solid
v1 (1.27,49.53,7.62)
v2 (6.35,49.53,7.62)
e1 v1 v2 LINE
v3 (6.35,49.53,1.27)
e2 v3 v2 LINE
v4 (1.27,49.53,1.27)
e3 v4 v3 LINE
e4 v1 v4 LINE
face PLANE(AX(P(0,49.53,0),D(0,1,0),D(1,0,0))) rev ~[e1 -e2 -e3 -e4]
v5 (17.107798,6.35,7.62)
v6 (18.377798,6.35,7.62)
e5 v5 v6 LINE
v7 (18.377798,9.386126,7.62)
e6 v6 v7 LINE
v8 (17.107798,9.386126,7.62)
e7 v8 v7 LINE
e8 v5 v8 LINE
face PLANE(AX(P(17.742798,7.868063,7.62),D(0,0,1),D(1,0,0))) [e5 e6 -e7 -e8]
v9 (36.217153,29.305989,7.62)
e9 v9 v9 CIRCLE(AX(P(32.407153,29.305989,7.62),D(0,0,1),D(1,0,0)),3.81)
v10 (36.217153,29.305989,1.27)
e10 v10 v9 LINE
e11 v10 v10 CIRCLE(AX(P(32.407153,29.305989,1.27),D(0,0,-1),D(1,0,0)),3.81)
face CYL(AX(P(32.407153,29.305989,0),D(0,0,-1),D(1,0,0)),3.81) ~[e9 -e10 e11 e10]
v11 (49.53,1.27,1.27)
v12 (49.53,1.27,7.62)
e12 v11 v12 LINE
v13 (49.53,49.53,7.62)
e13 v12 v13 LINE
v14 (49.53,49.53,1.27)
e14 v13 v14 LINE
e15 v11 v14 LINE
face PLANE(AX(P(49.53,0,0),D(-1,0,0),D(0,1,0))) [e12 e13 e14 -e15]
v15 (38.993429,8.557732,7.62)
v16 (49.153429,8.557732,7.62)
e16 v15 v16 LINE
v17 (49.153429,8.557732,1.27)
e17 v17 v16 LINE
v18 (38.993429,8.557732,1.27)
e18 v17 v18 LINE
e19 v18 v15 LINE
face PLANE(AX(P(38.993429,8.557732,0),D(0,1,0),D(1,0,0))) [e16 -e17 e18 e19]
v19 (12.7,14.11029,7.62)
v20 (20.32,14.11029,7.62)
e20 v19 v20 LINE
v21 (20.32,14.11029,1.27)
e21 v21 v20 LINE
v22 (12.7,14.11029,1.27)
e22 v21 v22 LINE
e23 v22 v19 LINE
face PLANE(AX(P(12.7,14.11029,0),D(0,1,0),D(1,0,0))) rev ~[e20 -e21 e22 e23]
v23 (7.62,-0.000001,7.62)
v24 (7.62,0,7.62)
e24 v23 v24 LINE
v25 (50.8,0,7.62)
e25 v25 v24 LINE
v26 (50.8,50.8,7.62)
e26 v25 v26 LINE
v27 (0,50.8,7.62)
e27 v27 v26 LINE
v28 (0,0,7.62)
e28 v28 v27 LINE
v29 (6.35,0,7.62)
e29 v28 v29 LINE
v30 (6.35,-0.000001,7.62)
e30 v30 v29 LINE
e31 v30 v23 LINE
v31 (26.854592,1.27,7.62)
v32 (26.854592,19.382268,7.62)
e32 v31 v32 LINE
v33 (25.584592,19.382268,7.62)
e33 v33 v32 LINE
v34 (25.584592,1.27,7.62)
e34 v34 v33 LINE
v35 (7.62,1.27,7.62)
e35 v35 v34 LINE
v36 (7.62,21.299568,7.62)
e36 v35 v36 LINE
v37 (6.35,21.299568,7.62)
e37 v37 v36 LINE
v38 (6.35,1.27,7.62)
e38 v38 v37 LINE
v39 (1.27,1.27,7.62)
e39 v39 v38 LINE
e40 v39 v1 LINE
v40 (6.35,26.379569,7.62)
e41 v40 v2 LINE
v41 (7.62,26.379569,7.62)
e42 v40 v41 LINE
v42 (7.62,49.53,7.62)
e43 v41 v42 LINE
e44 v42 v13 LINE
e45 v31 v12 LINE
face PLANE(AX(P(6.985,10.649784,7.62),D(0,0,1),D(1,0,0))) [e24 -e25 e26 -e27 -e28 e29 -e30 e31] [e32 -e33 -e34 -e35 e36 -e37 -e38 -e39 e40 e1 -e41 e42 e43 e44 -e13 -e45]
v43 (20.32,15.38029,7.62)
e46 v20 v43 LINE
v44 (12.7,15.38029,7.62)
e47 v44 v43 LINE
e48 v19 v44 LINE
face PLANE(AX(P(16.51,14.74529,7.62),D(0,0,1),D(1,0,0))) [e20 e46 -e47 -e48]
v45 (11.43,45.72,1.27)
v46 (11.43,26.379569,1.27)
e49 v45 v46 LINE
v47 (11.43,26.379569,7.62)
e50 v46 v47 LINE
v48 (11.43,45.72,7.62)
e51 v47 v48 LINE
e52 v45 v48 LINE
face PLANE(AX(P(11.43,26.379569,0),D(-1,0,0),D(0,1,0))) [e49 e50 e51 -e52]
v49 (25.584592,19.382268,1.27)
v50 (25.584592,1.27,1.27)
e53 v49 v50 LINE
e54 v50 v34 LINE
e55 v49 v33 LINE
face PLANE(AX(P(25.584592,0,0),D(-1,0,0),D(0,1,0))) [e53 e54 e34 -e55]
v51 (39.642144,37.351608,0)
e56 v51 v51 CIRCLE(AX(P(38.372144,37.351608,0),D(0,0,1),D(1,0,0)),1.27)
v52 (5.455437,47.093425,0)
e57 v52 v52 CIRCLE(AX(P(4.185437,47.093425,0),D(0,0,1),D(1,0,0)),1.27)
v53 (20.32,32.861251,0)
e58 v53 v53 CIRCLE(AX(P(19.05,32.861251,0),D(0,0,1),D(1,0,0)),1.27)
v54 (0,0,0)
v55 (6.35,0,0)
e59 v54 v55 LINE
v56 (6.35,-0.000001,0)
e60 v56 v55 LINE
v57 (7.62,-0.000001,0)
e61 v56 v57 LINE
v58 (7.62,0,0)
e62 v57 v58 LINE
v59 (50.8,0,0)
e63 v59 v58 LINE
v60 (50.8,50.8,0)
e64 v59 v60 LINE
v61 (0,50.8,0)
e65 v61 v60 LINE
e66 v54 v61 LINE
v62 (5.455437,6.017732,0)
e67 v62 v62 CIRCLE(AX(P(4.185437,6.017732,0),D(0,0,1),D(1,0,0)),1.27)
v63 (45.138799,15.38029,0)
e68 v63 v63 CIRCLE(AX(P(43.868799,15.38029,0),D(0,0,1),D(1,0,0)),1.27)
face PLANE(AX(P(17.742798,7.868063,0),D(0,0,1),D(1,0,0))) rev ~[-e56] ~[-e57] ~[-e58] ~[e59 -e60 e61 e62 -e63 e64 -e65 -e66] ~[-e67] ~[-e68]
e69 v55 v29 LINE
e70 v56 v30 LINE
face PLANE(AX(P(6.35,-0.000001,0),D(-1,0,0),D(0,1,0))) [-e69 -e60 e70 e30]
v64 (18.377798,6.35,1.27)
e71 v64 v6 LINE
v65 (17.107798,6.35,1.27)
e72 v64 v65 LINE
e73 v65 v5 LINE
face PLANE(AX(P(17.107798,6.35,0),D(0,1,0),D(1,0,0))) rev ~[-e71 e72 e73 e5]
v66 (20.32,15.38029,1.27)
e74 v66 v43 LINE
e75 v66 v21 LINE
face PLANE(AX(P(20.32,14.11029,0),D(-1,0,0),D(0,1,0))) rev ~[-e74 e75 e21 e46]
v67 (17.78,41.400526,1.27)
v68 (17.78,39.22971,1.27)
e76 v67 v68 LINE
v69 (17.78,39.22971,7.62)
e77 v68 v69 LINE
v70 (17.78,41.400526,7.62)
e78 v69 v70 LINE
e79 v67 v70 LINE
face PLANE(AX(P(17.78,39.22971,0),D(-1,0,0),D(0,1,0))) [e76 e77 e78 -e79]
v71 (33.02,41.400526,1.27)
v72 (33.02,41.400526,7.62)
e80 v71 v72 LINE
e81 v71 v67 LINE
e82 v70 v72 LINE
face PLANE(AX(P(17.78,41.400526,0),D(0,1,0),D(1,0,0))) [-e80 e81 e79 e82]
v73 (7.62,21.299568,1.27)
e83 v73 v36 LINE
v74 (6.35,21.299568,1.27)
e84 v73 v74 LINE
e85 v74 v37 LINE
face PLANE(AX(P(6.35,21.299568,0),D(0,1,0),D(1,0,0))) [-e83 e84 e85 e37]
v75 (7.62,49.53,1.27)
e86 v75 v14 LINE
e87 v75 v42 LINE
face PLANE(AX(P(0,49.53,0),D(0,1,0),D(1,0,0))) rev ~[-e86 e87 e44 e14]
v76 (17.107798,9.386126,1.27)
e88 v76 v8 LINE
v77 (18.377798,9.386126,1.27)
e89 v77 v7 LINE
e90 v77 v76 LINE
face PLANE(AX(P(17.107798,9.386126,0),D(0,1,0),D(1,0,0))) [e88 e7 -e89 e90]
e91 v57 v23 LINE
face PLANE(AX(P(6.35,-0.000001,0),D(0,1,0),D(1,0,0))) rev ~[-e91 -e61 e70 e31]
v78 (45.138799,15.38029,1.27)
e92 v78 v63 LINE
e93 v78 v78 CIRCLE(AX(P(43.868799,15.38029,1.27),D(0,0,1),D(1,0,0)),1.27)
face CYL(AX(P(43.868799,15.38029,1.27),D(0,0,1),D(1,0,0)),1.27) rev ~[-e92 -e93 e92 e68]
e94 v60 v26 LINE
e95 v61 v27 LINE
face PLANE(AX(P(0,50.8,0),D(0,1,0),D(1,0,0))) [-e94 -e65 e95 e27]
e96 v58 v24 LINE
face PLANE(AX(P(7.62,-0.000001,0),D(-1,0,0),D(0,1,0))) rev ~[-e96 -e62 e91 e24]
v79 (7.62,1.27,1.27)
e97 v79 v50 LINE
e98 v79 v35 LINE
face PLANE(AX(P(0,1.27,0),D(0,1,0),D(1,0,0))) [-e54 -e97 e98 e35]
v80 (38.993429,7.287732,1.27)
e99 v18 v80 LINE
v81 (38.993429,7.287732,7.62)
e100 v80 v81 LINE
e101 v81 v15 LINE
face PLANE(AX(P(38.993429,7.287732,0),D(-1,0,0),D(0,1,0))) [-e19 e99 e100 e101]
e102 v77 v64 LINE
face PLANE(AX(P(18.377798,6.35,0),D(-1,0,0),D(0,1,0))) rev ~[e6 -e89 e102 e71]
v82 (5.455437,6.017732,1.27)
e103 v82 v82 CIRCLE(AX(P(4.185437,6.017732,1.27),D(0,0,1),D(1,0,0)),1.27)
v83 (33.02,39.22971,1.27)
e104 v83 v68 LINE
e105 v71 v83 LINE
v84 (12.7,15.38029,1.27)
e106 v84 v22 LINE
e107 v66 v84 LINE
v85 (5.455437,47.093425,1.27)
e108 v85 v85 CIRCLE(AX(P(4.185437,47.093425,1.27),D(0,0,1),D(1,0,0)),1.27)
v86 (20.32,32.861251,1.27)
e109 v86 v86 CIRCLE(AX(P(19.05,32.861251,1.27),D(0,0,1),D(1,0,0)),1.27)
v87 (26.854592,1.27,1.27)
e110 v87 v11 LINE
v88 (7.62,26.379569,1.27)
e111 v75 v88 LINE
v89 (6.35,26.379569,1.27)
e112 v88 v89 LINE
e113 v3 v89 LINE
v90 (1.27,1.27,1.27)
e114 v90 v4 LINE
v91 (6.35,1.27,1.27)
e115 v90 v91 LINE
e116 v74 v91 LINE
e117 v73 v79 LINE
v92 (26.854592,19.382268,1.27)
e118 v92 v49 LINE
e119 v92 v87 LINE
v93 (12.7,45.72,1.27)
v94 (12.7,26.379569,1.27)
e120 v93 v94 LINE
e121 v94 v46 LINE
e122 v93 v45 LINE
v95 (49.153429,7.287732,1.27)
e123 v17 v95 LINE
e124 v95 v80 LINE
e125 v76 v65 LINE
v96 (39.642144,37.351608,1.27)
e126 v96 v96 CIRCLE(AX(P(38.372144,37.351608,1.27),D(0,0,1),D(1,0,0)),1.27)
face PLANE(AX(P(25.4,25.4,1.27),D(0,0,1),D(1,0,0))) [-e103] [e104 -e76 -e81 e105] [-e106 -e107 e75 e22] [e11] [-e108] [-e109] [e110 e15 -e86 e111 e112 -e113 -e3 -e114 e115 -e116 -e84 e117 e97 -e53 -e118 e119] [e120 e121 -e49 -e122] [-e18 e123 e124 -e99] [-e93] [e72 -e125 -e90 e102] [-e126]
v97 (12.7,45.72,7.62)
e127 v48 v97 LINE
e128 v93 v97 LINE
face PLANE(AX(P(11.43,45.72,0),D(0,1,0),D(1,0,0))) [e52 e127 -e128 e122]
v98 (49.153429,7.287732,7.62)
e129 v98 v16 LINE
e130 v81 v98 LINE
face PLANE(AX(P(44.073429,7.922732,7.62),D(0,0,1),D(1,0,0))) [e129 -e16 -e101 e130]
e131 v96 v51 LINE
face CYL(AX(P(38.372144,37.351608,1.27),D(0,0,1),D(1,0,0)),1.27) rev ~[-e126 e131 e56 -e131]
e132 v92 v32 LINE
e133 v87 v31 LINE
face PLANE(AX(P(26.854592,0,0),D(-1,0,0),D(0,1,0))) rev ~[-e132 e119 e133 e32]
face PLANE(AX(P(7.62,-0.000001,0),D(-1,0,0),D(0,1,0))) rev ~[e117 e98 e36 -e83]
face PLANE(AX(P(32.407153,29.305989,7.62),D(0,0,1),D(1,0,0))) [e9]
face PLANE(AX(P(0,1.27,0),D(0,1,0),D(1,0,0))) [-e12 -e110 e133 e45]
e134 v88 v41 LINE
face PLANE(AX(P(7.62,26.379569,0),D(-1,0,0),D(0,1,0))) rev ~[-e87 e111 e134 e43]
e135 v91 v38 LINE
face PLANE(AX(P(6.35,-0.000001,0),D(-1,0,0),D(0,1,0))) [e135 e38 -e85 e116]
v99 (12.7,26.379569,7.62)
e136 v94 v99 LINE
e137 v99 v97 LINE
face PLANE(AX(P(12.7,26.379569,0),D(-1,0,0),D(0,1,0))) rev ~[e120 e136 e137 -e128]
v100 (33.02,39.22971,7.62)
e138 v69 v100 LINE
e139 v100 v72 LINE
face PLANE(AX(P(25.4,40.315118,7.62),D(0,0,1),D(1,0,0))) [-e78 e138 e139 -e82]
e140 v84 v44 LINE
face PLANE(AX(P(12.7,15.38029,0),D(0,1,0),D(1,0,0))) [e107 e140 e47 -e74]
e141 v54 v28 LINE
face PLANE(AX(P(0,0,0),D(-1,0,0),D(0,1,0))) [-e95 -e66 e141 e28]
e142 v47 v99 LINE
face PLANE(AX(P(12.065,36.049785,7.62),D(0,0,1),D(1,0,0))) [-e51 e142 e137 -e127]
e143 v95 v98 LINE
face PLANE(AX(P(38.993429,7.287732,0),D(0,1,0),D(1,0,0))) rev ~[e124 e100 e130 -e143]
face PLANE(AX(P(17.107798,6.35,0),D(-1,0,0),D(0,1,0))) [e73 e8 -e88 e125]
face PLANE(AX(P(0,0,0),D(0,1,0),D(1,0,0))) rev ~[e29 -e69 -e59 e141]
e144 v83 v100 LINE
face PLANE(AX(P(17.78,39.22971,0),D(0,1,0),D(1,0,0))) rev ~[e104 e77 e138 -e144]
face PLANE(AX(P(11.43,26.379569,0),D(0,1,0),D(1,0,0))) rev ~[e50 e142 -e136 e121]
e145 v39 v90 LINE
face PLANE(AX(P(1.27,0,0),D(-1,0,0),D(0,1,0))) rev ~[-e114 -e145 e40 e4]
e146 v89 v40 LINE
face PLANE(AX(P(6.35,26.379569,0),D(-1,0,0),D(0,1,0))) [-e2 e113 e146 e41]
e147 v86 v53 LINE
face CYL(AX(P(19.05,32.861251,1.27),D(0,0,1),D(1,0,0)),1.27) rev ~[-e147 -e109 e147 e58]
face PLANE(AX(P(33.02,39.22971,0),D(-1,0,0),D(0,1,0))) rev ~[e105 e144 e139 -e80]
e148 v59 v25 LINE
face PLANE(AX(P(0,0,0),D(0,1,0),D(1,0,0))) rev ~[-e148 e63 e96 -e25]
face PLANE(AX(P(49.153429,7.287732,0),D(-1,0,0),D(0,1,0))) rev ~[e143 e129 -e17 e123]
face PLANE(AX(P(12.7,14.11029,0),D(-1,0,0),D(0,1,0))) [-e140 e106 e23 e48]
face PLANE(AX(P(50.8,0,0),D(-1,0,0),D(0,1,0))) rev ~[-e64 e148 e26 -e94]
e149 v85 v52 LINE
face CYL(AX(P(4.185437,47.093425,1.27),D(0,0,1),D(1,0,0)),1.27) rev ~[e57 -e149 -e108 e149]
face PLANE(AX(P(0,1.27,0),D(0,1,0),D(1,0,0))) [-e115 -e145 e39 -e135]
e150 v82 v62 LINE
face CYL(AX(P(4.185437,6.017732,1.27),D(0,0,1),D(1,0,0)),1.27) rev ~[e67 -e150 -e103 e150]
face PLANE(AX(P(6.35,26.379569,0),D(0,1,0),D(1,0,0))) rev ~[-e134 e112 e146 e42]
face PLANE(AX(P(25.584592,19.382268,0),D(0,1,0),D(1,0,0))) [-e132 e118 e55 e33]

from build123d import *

# Parameters (mm, degrees)
F0_W      = 50.8
F0_H      = 50.8
F1_DEPTH  = 7.62
F2_T      = -1.27
F3_W      = 1.27
F3_H      = 21.299569
F3_H_2    = 24.274384
F3_H_3    = 19.340431
F4_DEPTH  = 7.62
F5_W      = 10.16
F5_H      = 1.27
F5_W_2    = 15.24
F5_H_2    = 2.170816
F5_W_3    = 7.62
F5_R      = 3.81
F5_W_4    = 1.27
F5_H_3    = 19.382268
F6_DEPTH  = 7.62
F7_R      = 0.635
F8_DEPTH  = 25.4
F9_R      = 1.27
F10_DEPTH = 25.4
F11_R     = 1.27
F12_DEPTH = 25.4
F13_R     = 1.27
F14_DEPTH = 25.4
F15_DEPTH = 25.4
F16_W     = 1.27
F16_H     = 3.036126
F17_DEPTH = 7.62


with BuildPart() as f1:
    # F0 (on Top) → F1 (new body)
    with BuildSketch(Plane.XY):
        with Locations((25.4, 25.4)):
            Rectangle(F0_W, F0_H)
    extrude(amount=F1_DEPTH)

    # F2
    f2_openings = [f1.faces().sort_by_distance(p)[0] for p in [
        (25.4, 25.4, 7.62),
    ]]
    offset(amount=F2_T, openings=f2_openings)

    # F3 (on Top) → F4 (join)
    with BuildSketch(Plane.XY):
        with Locations((6.985, 10.649784)):
            Rectangle(F3_W, F3_H)
        with Locations((6.985, 38.516761)):
            Rectangle(F3_W, F3_H_2)
        with Locations((12.065, 36.049785)):
            Rectangle(F3_W, F3_H_3)
    extrude(amount=F4_DEPTH)

    # F5 (on Top) → F6 (join)
    with BuildSketch(Plane.XY):
        with Locations((44.073429, 7.922732)):
            Rectangle(F5_W, F5_H)
        with Locations((25.4, 40.315118)):
            Rectangle(F5_W_2, F5_H_2)
        with Locations((16.51, 14.74529)):
            Rectangle(F5_W_3, F5_H)
        with Locations((32.407153, 29.305989)):
            Circle(F5_R)
        with Locations((26.219592, 9.691134)):
            Rectangle(F5_W_4, F5_H_3)
    extrude(amount=F6_DEPTH)

    # F7 (on Top) → F8 (cut)
    with BuildSketch(Plane.XY):
        with Locations((3.863793, 5.102679)):
            Circle(F7_R)
    extrude(amount=-F8_DEPTH, mode=Mode.SUBTRACT)

    # F9 (on face) → F10 (cut)
    with BuildSketch(Plane.XY.offset(1.27)):
        with Locations((43.868799, 15.38029)):
            Circle(F9_R)
    extrude(amount=-F10_DEPTH, mode=Mode.SUBTRACT)

    # F11 (on face) → F12 (cut)
    with BuildSketch(Plane.XY.offset(1.27)):
        with Locations((38.372144, 37.351608)):
            Circle(F11_R)
    extrude(amount=-F12_DEPTH, mode=Mode.SUBTRACT)

    # F13 (on face) → F14 (cut)
    with BuildSketch(Plane.XY.offset(1.27)):
        with Locations((19.05, 32.861251)):
            Circle(F13_R)
        with Locations((4.185437, 47.093425)):
            Circle(F13_R)
        with Locations((4.185437, 6.017732)):
            Circle(F13_R)
    extrude(amount=-F14_DEPTH, mode=Mode.SUBTRACT)

    # F13 (on face) → F15 (cut)
    with BuildSketch(Plane.XY.offset(1.27)):
        with Locations((19.05, 32.861251)):
            Circle(F13_R)
        with Locations((4.185437, 47.093425)):
            Circle(F13_R)
        with Locations((4.185437, 6.017732)):
            Circle(F13_R)
    extrude(amount=-F15_DEPTH, mode=Mode.SUBTRACT)

    # F16 (on Top) → F17 (join)
    with BuildSketch(Plane.XY):
        with Locations((17.742798, 7.868063)):
            Rectangle(F16_W, F16_H)
    extrude(amount=F17_DEPTH)


solid = f1.part
